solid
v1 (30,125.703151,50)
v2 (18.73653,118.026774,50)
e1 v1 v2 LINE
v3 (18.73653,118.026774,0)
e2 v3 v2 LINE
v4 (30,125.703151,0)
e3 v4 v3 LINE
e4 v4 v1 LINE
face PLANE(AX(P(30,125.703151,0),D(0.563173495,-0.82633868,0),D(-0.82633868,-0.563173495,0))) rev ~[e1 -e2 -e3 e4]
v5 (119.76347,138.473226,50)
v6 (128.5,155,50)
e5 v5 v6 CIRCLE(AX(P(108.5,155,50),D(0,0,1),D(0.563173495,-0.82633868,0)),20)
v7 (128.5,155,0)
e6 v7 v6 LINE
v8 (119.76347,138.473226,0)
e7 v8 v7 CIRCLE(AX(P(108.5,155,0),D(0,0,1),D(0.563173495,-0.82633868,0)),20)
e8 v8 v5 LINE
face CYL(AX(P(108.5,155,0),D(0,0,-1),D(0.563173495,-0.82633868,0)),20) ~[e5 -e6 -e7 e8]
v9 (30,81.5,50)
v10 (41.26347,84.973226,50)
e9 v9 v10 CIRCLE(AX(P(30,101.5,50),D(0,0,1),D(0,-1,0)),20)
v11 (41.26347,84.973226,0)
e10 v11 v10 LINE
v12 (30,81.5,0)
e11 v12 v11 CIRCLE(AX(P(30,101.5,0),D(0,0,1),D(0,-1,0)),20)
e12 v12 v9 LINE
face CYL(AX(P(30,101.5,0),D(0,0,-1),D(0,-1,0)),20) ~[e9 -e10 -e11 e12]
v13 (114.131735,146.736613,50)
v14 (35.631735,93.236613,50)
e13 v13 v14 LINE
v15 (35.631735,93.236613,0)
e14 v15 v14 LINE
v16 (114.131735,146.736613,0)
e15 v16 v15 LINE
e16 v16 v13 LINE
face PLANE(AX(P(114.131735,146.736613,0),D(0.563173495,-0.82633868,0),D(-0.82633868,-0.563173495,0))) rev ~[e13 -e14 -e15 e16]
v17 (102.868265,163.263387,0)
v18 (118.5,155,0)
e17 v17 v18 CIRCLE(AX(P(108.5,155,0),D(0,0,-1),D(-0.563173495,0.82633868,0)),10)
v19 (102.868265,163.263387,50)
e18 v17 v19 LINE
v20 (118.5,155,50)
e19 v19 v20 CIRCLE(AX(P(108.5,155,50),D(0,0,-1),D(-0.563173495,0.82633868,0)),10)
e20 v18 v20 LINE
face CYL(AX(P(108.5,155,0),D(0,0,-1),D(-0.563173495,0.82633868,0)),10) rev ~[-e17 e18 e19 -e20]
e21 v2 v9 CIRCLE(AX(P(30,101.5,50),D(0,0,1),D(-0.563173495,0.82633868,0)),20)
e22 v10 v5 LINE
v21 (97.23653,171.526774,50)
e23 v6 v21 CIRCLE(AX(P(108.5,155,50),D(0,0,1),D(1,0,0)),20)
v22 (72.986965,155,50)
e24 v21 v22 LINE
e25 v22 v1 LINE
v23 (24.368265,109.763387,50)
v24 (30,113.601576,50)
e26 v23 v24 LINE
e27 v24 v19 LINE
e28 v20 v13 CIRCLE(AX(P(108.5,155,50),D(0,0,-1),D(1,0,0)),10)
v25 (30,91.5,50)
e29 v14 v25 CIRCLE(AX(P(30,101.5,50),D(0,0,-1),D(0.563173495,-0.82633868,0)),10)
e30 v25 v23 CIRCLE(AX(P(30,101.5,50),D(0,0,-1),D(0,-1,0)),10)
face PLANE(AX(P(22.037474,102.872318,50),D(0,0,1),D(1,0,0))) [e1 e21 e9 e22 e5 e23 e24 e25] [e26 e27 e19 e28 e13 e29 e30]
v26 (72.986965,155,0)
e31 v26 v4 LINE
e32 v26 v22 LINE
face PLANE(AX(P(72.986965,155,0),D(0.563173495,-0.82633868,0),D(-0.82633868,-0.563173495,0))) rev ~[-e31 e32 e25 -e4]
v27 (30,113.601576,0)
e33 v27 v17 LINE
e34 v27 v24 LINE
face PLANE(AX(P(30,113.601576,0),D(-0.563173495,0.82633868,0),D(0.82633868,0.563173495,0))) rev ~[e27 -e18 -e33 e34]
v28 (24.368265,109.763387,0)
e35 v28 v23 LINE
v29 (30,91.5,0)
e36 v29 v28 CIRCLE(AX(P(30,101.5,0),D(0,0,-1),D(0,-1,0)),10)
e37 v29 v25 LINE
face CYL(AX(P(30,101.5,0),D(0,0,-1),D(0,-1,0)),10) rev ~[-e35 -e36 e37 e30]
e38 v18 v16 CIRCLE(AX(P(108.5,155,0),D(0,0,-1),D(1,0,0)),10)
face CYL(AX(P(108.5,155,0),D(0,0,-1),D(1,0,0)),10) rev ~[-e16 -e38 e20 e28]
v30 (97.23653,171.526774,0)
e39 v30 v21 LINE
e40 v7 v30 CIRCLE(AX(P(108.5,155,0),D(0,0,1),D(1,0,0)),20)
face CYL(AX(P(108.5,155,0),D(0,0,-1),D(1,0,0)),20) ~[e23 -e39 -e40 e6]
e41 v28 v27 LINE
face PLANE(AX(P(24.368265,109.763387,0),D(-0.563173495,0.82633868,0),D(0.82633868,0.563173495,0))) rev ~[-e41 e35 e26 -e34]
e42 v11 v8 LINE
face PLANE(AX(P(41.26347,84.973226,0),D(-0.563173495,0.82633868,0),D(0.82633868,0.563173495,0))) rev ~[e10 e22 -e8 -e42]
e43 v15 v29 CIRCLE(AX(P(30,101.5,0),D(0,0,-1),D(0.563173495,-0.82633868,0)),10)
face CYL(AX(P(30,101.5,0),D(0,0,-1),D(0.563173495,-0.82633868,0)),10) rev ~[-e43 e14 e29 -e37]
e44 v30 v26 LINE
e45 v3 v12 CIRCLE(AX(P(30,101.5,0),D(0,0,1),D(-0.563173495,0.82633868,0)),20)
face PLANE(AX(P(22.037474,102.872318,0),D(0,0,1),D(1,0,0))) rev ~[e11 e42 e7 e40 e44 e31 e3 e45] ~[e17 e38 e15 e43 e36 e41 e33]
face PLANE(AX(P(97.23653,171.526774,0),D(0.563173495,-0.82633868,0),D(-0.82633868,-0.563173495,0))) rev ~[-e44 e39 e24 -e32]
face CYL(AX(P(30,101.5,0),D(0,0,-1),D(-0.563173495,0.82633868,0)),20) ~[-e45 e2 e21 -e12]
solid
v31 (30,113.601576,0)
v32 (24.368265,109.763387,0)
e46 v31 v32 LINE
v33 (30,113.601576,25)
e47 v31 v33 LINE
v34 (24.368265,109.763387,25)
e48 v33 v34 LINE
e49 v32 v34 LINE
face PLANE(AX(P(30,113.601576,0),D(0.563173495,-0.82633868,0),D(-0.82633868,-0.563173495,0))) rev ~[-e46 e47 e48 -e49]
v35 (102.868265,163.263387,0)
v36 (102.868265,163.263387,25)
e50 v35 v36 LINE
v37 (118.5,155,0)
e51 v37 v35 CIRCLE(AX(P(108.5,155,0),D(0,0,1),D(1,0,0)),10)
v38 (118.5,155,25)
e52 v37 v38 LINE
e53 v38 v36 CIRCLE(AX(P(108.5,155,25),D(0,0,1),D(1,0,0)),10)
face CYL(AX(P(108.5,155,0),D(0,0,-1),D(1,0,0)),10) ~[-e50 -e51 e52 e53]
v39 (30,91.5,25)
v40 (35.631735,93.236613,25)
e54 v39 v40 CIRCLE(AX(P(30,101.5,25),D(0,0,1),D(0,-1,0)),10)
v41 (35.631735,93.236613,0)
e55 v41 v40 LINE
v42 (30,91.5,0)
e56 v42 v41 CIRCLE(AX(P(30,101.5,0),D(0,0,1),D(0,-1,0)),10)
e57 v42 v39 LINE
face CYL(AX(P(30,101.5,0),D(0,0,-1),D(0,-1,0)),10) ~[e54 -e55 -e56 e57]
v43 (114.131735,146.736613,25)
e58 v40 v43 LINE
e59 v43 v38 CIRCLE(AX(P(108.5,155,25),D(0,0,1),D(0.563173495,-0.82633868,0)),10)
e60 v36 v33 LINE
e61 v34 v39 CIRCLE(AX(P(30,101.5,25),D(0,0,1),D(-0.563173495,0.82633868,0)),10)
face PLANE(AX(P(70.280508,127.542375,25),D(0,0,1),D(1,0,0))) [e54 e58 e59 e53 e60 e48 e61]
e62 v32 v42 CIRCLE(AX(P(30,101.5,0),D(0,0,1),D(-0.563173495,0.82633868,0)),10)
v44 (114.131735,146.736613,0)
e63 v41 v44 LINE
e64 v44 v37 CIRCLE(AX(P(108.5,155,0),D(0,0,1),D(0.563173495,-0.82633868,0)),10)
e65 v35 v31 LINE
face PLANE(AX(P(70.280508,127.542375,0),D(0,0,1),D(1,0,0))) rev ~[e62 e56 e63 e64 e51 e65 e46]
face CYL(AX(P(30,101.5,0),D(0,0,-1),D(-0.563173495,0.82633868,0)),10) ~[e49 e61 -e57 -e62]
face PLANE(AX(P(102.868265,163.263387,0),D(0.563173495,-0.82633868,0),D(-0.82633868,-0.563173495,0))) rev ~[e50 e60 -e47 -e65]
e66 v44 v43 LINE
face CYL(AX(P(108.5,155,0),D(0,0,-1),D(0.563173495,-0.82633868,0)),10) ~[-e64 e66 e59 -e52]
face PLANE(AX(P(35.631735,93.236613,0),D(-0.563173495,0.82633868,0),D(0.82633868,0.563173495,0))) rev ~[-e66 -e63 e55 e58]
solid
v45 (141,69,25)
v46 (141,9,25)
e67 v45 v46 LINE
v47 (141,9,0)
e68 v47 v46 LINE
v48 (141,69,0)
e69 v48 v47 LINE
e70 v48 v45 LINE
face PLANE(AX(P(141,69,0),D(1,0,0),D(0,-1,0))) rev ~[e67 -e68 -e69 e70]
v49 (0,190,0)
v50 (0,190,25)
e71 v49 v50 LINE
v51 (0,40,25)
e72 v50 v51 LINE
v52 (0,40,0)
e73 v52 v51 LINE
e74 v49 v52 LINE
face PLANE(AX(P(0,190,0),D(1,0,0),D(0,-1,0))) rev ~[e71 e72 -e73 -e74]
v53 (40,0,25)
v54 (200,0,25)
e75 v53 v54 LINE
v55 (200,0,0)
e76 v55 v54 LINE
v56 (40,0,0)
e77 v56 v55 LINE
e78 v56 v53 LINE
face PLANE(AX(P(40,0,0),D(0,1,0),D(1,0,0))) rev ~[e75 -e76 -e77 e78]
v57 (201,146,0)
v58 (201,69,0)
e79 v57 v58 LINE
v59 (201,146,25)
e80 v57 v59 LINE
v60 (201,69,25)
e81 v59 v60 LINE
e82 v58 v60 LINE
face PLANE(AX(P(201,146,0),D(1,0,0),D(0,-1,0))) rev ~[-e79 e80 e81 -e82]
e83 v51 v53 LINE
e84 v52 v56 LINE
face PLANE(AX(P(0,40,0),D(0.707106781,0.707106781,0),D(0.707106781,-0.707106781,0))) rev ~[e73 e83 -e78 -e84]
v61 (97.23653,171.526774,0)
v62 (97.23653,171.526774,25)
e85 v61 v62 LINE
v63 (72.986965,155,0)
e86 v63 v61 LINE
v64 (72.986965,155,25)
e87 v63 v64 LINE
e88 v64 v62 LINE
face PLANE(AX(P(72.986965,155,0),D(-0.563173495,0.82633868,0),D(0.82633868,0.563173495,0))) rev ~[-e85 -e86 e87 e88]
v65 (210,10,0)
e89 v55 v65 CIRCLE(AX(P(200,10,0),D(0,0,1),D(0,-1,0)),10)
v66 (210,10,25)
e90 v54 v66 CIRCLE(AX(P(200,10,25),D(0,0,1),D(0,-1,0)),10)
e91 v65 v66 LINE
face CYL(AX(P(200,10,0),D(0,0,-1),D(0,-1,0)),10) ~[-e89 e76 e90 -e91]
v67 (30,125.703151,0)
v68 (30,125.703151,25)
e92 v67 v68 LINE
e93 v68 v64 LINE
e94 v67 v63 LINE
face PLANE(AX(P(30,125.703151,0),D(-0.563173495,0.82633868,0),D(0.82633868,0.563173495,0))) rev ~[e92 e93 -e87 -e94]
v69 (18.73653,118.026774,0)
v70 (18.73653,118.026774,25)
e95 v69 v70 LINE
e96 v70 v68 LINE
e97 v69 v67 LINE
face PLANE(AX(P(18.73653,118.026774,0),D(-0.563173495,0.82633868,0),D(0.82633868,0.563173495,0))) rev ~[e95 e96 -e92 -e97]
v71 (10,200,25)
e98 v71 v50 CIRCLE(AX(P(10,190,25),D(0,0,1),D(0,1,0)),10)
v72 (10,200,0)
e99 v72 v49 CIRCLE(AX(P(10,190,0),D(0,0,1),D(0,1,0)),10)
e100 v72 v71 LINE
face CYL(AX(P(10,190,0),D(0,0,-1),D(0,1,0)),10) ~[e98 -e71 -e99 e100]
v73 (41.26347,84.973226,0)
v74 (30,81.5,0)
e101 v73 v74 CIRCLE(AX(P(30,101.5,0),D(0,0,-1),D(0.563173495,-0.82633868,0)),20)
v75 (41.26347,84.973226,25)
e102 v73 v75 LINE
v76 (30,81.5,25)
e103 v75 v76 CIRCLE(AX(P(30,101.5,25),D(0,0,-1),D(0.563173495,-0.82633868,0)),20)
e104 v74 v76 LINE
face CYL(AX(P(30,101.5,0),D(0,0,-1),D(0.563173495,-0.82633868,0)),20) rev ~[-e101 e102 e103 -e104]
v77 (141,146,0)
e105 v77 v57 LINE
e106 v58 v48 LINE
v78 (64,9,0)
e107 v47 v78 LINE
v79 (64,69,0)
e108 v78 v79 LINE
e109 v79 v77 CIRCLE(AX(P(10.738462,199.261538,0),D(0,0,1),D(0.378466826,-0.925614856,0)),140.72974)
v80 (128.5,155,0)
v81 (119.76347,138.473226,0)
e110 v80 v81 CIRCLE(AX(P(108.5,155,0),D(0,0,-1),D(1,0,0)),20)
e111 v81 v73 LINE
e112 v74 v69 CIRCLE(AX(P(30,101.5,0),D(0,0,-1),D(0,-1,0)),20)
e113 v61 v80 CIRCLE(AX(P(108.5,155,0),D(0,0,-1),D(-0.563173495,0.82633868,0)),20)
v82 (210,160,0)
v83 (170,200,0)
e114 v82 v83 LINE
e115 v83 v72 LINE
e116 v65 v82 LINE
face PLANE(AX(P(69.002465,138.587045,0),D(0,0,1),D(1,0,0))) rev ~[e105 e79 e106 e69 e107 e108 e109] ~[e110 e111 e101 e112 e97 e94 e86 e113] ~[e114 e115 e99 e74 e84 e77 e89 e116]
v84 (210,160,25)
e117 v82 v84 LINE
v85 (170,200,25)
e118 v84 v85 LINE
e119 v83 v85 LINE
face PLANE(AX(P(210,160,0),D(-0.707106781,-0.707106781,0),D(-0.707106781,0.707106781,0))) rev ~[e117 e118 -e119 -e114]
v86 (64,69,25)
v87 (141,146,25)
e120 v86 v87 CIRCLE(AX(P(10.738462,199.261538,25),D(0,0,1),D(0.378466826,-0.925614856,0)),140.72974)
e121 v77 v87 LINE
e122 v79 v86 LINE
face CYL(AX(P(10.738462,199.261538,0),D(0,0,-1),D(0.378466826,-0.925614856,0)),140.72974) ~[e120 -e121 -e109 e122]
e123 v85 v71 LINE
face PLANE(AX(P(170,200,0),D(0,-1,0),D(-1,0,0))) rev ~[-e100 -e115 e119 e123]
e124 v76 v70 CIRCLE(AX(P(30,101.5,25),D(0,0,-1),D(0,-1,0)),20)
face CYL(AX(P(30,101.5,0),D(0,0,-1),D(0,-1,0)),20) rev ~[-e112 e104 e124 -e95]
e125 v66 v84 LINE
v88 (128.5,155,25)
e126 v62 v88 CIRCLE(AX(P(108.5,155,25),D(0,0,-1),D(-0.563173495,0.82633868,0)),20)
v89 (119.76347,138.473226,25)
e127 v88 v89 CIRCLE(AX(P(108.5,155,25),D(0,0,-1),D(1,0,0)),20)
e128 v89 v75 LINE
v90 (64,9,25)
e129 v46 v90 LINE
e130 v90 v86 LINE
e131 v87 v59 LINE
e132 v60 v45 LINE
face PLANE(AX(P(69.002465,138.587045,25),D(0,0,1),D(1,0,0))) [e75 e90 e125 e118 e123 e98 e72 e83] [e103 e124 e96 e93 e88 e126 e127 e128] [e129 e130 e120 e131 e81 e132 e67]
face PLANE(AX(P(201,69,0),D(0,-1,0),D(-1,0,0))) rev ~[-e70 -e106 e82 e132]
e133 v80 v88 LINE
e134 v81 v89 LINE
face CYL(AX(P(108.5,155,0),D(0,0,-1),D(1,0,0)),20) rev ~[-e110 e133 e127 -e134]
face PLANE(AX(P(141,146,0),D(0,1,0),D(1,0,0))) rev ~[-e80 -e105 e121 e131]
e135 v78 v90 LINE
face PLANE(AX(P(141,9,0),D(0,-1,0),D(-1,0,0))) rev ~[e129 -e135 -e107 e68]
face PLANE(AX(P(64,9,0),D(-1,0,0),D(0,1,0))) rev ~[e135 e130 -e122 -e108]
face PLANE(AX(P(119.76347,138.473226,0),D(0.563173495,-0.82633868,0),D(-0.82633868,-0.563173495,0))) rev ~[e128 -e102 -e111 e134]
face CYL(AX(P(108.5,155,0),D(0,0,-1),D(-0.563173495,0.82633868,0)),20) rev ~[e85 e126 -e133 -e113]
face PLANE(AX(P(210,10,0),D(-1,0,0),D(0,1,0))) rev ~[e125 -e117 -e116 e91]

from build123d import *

# Parameters (mm, degrees)
F1_DEPTH = 25
F2_DEPTH = 25
F3_DEPTH = 50


with BuildPart() as f1:
    # F0 (on Top) → F1 (new body)
    with BuildSketch(Plane.XY):
        with BuildLine():
            Line((0, 40), (30, 10))
            Line((30, 10), (30, 81.5))
            ThreePointArc((30, 81.5), (10.8880211383, 95.6065914796), (18.7365300935, 118.0267736012))
            Line((18.7365300935, 118.0267736012), (30, 125.7031511808))
            Line((30, 125.7031511808), (30, 155))
            Line((30, 155), (72.9869650899, 155))
            Line((72.9869650899, 155), (97.2365300935, 171.5267736012))
            ThreePointArc((97.2365300935, 171.5267736012), (117.846940726, 172.6814789841), (128.5, 155))
            Line((128.5, 155), (210, 155))
            Line((210, 155), (210, 160))
            Line((210, 160), (170, 200))
            Line((170, 200), (10, 200))
            ThreePointArc((10, 200), (2.9289321881, 197.0710678119), (0, 190))
            Line((0, 190), (0, 40))
        make_face()
        with BuildLine():
            Line((30, 10), (40, 0))
            Line((40, 0), (57.8877478838, 0))
            Line((57.8877478838, 0), (141, 0))
            Line((141, 0), (141, 9))
            Line((141, 9), (64, 9))
            Line((64, 9), (64, 69))
            ThreePointArc((64, 69), (110.2494154358, 99.7505845642), (141, 146))
            Line((141, 146), (201, 146))
            Line((201, 146), (201, 89.5927730799))
            Line((201, 89.5927730799), (210, 89.5927730799))
            Line((210, 89.5927730799), (210, 109.1042194366))
            Line((210, 109.1042194366), (210, 155))
            Line((210, 155), (128.5, 155))
            ThreePointArc((128.5, 155), (126.1814789841, 145.653059274), (119.7634699065, 138.4732263988))
            Line((119.7634699065, 138.4732263988), (41.2634699065, 84.9732263988))
            ThreePointArc((41.2634699065, 84.9732263988), (35.8934085204, 82.3880211383), (30, 81.5))
            Line((30, 81.5), (30, 10))
        make_face()
        with BuildLine():
            Line((141, 9), (141, 0))
            Line((141, 0), (161.8052124977, 0))
            Line((161.8052124977, 0), (200, 0))
            ThreePointArc((200, 0), (207.0710678119, 2.9289321881), (210, 10))
            Line((210, 10), (210, 89.5927730799))
            Line((210, 89.5927730799), (201, 89.5927730799))
            Line((201, 89.5927730799), (201, 69))
            Line((201, 69), (141, 69))
            Line((141, 69), (141, 9))
        make_face()
        Polygon((30, 155), (30, 125.7031511808), (72.9869650899, 155), align=None)
    extrude(amount=F1_DEPTH)


with BuildPart() as f2:
    # F0 (on Top) → F2 (new body)
    with BuildSketch(Plane.XY):
        with BuildLine():
            Line((30, 113.6015755904), (30, 91.5))
            ThreePointArc((30, 91.5), (32.9467042602, 91.9440105691), (35.6317349533, 93.2366131994))
            Line((35.6317349533, 93.2366131994), (114.1317349533, 146.7366131994))
            ThreePointArc((114.1317349533, 146.7366131994), (117.3407394921, 150.326529637), (118.5, 155))
            Line((118.5, 155), (90.7434825449, 155))
            Line((90.7434825449, 155), (30, 113.6015755904))
        make_face()
        with BuildLine():
            ThreePointArc((24.3682650467, 109.7633868006), (20.4440105691, 98.5532957398), (30, 91.5))
            Line((30, 91.5), (30, 113.6015755904))
            Line((30, 113.6015755904), (24.3682650467, 109.7633868006))
        make_face()
        with BuildLine():
            Line((102.8682650467, 163.2633868006), (90.7434825449, 155))
            Line((90.7434825449, 155), (118.5, 155))
            ThreePointArc((118.5, 155), (113.173470363, 163.8407394921), (102.8682650467, 163.2633868006))
        make_face()
    extrude(amount=F2_DEPTH)


with BuildPart() as f3:
    # F0 (on Top) → F3 (new body)
    with BuildSketch(Plane.XY):
        with BuildLine():
            ThreePointArc((18.7365300935, 118.0267736012), (10.8880211383, 95.6065914796), (30, 81.5))
            Line((30, 81.5), (30, 91.5))
            ThreePointArc((30, 91.5), (20.4440105691, 98.5532957398), (24.3682650467, 109.7633868006))
            Line((24.3682650467, 109.7633868006), (30, 113.6015755904))
            Line((30, 113.6015755904), (30, 125.7031511808))
            Line((30, 125.7031511808), (18.7365300935, 118.0267736012))
        make_face()
        with BuildLine():
            Line((30, 91.5), (30, 81.5))
            ThreePointArc((30, 81.5), (35.8934085204, 82.3880211383), (41.2634699065, 84.9732263988))
            Line((41.2634699065, 84.9732263988), (119.7634699065, 138.4732263988))
            ThreePointArc((119.7634699065, 138.4732263988), (126.1814789841, 145.653059274), (128.5, 155))
            Line((128.5, 155), (118.5, 155))
            ThreePointArc((118.5, 155), (117.3407394921, 150.326529637), (114.1317349533, 146.7366131994))
            Line((114.1317349533, 146.7366131994), (35.6317349533, 93.2366131994))
            ThreePointArc((35.6317349533, 93.2366131994), (32.9467042602, 91.9440105691), (30, 91.5))
        make_face()
        with BuildLine():
            Line((72.9869650899, 155), (90.7434825449, 155))
            Line((90.7434825449, 155), (102.8682650467, 163.2633868006))
            ThreePointArc((102.8682650467, 163.2633868006), (113.173470363, 163.8407394921), (118.5, 155))
            Line((118.5, 155), (128.5, 155))
            ThreePointArc((128.5, 155), (117.846940726, 172.6814789841), (97.2365300935, 171.5267736012))
            Line((97.2365300935, 171.5267736012), (72.9869650899, 155))
        make_face()
        Polygon((30, 125.7031511808), (30, 113.6015755904), (90.7434825449, 155), (72.9869650899, 155), align=None)
    extrude(amount=F3_DEPTH)


solid = Compound([f1.part, f2.part, f3.part])
